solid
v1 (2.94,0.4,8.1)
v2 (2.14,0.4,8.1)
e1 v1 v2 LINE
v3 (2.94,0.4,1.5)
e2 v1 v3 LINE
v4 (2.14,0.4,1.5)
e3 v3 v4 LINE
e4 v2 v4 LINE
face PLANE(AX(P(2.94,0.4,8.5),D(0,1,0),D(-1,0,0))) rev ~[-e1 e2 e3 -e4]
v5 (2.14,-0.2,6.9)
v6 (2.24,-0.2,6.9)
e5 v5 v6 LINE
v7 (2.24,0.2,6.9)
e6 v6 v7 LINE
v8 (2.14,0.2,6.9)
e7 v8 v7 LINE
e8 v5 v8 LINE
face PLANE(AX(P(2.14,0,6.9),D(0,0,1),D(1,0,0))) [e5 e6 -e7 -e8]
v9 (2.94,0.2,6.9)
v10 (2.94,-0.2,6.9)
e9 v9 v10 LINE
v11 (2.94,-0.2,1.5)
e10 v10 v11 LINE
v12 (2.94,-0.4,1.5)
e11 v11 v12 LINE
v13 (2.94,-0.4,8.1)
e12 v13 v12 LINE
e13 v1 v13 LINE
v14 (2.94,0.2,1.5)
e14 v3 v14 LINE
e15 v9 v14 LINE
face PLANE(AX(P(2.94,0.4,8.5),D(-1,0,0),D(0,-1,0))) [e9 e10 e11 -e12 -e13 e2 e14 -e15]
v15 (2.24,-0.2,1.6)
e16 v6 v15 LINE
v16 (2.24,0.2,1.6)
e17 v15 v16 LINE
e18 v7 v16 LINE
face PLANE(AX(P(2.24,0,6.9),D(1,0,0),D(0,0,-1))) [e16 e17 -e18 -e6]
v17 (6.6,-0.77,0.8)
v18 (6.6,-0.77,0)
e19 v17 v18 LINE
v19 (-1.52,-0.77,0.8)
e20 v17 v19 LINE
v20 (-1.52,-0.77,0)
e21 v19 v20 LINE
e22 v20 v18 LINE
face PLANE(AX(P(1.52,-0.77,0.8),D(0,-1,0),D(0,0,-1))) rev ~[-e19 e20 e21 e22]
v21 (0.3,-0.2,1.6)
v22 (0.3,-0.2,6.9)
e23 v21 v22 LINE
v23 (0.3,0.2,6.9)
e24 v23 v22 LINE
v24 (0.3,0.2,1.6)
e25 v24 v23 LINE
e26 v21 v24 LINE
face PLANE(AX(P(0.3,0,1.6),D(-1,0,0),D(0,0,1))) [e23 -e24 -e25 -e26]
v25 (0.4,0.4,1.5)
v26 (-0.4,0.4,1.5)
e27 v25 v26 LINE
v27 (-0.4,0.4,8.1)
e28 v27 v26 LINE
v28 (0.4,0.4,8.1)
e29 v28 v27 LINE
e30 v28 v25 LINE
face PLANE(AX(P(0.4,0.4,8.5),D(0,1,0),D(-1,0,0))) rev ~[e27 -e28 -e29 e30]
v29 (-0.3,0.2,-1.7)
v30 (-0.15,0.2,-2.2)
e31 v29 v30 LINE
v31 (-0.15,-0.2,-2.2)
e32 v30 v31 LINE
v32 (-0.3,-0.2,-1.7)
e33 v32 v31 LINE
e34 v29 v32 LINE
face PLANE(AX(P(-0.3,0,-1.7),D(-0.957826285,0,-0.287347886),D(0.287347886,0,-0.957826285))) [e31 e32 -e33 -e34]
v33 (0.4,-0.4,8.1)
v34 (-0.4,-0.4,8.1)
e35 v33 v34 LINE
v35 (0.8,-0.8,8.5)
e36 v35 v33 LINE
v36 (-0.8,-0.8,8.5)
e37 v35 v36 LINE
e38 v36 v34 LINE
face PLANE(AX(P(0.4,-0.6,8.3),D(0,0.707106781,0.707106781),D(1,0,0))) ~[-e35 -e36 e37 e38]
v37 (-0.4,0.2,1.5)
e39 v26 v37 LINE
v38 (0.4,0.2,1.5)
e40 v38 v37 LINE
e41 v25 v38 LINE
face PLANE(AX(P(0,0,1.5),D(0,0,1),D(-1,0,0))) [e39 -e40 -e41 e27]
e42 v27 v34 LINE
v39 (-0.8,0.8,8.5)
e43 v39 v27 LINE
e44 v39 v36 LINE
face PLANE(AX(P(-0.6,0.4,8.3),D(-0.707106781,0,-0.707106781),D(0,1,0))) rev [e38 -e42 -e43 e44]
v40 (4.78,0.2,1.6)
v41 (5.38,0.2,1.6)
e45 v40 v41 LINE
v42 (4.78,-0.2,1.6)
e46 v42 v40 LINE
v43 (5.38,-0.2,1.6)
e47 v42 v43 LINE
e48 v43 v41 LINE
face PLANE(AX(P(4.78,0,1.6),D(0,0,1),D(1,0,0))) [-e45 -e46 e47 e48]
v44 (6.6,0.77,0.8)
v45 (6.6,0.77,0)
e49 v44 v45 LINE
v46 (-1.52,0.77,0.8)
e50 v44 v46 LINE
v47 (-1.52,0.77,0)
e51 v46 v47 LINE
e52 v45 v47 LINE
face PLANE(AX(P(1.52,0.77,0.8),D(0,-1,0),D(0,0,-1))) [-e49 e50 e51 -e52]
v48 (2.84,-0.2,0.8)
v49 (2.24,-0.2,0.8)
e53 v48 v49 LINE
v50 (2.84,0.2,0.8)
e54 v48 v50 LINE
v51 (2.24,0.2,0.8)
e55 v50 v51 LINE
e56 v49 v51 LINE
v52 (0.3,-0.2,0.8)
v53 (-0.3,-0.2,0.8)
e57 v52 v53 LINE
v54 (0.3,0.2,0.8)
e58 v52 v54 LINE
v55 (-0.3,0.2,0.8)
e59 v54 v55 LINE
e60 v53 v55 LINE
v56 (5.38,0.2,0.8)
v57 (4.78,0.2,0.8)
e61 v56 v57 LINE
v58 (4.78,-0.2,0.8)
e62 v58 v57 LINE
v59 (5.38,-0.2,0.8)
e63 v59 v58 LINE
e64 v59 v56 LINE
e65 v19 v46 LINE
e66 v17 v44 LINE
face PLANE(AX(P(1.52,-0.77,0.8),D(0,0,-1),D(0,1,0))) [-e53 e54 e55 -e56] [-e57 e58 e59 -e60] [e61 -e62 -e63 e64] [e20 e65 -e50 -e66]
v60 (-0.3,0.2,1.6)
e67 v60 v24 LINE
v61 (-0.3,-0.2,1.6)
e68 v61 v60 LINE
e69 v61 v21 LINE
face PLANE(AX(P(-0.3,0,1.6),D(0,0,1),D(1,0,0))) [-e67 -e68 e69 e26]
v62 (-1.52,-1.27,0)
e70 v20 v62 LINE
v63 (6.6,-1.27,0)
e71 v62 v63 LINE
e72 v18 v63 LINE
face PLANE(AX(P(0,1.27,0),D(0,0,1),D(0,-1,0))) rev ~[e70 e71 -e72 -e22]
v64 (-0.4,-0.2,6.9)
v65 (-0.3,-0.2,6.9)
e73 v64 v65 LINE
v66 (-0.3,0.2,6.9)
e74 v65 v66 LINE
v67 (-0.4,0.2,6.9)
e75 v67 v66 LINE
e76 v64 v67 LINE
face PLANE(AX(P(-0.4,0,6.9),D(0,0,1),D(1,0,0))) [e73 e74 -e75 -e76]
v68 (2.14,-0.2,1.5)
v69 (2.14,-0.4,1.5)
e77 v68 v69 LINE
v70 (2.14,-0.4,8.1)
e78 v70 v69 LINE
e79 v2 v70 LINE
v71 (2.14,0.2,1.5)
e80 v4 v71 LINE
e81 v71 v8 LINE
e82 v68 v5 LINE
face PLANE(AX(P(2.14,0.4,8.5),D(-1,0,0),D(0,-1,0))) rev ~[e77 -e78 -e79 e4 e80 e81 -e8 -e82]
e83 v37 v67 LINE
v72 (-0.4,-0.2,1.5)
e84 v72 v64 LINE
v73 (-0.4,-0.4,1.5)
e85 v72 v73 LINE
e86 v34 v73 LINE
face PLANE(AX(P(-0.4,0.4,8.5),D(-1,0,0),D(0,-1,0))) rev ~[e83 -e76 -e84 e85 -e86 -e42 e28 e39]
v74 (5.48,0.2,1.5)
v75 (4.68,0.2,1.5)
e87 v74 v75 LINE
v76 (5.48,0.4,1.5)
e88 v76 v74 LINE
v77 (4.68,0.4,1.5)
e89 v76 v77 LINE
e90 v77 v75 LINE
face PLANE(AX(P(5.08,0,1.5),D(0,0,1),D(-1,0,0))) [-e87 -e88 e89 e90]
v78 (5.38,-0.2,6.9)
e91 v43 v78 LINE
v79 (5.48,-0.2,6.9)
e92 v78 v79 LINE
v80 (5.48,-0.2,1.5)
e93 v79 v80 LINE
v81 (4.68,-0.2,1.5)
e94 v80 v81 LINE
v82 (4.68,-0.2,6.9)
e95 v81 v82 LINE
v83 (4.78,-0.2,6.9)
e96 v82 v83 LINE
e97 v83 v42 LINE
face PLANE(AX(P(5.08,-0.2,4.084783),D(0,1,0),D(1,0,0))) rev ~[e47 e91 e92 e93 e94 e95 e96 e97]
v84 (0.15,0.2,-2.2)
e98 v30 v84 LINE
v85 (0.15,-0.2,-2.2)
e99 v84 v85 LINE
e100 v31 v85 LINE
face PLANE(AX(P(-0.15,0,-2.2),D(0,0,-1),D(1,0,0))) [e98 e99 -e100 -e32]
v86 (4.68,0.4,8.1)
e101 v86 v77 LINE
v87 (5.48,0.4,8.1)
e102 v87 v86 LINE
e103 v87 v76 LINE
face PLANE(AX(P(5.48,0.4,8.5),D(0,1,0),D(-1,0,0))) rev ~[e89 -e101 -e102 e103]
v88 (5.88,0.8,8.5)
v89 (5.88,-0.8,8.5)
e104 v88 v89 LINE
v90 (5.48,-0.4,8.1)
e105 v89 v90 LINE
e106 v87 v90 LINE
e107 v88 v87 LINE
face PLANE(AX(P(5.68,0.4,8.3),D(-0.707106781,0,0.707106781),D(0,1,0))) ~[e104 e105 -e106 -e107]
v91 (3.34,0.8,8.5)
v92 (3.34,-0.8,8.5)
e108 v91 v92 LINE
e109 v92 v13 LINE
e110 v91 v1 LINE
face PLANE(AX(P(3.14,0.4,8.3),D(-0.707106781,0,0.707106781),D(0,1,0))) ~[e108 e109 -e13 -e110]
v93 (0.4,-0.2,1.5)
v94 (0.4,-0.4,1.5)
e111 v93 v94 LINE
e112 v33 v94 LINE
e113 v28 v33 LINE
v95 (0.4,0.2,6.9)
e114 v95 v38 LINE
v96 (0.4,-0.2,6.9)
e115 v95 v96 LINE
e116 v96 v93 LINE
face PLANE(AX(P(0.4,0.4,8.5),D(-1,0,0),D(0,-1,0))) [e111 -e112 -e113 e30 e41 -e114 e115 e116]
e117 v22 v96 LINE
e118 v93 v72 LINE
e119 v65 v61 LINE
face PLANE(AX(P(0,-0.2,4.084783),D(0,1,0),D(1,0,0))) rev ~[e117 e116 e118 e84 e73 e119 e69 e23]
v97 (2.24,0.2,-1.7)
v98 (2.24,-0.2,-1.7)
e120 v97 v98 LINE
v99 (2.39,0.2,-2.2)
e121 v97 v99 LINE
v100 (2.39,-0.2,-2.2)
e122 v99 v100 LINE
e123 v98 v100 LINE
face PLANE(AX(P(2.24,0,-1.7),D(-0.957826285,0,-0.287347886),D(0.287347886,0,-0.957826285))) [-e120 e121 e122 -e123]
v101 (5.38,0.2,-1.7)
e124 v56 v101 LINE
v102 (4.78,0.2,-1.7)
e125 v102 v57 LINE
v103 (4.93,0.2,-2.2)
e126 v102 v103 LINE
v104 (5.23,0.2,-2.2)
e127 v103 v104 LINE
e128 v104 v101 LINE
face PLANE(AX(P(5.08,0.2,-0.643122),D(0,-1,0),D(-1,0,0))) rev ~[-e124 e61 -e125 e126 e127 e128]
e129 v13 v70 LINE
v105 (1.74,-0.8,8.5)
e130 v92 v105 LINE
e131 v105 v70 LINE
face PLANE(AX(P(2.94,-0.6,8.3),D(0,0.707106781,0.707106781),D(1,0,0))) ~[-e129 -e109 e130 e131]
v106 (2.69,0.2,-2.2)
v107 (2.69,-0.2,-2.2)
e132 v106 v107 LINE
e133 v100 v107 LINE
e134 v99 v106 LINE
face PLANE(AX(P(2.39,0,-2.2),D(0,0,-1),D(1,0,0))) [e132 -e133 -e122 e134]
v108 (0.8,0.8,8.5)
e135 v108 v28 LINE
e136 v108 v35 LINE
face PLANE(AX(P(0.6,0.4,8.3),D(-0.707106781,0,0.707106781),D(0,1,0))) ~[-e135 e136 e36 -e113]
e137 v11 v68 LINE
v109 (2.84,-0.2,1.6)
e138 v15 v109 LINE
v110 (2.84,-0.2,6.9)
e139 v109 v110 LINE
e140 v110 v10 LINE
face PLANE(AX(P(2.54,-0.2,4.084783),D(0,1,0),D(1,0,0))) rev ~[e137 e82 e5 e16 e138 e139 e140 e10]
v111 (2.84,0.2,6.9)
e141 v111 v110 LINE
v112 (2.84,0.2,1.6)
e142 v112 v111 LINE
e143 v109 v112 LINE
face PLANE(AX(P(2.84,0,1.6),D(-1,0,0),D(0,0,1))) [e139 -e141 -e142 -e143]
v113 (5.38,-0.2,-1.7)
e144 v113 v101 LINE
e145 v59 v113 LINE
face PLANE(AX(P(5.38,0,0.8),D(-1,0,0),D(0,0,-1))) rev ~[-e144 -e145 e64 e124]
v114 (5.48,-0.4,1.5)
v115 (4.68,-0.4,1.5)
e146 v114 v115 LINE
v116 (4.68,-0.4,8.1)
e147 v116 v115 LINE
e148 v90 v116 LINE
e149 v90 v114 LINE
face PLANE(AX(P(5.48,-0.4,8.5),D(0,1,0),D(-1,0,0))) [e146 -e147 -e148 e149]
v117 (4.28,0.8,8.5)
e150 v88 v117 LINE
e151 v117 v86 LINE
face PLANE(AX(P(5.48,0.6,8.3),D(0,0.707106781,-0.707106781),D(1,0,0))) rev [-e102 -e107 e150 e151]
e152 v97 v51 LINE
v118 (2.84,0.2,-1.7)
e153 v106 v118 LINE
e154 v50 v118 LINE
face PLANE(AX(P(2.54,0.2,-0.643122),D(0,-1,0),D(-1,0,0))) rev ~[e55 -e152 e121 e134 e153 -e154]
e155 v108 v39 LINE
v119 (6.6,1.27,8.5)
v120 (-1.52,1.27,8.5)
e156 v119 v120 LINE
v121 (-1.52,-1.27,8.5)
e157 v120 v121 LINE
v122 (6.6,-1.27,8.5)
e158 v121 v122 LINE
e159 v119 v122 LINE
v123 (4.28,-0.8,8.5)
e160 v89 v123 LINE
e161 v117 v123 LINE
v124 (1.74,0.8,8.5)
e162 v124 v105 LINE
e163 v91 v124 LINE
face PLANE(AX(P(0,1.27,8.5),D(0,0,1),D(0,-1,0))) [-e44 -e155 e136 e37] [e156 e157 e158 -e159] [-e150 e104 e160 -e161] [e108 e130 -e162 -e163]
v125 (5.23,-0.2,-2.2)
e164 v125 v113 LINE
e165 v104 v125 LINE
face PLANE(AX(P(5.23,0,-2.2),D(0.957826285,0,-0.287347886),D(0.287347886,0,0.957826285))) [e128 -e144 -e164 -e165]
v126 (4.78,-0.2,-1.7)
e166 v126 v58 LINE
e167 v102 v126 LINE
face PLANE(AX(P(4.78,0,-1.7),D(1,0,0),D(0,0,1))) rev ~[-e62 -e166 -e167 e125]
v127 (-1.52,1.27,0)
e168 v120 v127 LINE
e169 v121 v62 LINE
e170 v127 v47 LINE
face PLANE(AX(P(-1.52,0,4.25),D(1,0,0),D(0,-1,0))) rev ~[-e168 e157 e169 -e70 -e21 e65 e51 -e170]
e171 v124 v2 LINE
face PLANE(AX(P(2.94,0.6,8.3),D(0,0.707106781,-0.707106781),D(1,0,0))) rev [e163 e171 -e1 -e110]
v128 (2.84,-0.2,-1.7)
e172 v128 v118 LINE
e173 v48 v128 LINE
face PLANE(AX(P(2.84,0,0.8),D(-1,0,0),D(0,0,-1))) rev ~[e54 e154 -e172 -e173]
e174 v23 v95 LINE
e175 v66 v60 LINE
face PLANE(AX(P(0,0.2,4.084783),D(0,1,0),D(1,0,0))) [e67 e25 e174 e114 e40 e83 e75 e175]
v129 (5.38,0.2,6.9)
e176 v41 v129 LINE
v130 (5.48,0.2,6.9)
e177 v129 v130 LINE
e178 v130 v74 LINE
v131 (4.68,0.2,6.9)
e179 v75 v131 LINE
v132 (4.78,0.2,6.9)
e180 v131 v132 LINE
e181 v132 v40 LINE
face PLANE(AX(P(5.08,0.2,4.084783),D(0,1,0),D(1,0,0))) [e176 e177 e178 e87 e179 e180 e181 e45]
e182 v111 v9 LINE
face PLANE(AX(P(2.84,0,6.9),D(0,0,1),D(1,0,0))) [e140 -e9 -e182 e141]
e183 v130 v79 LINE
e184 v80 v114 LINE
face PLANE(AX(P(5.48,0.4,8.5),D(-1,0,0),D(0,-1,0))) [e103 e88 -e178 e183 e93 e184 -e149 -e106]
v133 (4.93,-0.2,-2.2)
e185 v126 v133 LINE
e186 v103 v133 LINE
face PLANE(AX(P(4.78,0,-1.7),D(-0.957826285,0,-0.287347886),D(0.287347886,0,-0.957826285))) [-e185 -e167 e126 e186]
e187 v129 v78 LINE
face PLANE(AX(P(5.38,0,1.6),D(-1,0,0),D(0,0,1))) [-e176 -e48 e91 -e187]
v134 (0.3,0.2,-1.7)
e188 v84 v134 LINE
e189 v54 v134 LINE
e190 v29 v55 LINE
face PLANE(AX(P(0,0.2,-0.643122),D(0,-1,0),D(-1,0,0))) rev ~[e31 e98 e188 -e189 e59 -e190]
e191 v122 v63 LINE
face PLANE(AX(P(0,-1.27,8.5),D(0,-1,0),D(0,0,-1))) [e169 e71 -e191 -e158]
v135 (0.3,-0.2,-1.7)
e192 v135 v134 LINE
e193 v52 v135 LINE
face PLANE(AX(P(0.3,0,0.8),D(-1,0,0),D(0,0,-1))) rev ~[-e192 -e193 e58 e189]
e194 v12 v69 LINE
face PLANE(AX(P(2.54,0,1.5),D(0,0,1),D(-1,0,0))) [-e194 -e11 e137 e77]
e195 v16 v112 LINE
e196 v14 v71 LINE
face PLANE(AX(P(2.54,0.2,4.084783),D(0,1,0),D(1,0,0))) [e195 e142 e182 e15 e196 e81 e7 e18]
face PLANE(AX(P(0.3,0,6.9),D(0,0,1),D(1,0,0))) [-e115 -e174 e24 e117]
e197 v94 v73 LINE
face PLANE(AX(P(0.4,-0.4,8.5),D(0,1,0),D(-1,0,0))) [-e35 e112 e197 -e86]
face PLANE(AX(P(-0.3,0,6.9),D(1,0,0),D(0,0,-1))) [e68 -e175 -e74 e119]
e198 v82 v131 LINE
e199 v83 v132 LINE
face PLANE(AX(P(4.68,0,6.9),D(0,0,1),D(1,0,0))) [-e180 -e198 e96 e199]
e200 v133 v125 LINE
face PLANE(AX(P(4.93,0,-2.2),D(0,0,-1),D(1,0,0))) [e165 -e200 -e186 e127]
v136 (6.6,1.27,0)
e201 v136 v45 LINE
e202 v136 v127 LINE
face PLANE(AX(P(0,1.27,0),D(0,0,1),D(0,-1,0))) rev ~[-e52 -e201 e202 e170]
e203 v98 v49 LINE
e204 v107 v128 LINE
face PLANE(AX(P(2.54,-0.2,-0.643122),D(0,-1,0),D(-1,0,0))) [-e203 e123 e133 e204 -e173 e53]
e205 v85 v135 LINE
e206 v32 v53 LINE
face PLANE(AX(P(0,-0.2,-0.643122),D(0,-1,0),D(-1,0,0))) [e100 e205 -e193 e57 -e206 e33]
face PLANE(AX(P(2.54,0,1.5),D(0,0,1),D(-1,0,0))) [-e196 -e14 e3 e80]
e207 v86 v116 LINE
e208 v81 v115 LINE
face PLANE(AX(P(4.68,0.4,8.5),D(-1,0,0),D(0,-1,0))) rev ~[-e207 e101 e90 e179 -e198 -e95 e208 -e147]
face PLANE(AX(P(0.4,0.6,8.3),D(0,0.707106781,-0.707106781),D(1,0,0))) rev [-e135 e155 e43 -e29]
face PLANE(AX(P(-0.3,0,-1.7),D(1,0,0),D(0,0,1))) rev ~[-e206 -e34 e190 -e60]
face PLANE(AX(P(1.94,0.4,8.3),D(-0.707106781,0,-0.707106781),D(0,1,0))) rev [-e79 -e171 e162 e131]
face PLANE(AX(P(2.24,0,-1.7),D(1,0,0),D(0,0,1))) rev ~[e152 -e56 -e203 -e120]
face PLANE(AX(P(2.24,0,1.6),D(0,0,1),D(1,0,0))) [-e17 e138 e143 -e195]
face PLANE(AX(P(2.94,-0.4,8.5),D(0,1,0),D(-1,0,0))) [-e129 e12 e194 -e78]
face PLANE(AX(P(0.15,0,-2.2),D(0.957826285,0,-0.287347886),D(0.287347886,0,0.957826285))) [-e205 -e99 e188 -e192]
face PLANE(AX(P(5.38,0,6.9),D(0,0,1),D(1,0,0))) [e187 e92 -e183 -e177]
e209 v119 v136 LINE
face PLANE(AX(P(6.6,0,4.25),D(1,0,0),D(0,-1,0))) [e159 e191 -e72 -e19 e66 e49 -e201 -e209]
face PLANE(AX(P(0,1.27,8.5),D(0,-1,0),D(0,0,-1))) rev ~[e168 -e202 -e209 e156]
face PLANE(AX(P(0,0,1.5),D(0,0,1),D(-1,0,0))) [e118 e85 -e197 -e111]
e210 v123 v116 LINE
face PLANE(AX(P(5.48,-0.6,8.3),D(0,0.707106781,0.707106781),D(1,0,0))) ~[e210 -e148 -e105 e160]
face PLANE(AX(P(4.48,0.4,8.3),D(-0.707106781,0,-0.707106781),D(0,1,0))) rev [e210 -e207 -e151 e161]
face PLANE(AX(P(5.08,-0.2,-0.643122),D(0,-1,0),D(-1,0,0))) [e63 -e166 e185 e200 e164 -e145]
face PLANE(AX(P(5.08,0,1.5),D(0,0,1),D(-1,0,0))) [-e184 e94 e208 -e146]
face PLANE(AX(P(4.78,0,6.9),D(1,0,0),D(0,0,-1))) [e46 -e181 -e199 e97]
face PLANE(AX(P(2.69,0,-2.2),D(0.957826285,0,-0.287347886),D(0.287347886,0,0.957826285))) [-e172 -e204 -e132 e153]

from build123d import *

# Parameters (mm, degrees)
SKETCH1_W           = 2.54
SKETCH1_H           = 8.5
BOSS_EXTRUDE1_DEPTH = 1.52
SKETCH_1_W          = 0.8
SKETCH_1_H          = 1.54
CUT_EXTRUDE_1_DEPTH = 10.116166958
SKETCH2_W           = 0.8
SKETCH2_H           = 0.8
CUT_EXTRUDE1_DEPTH  = 7
CHAMFER_1_SIZE      = 0.4
BOSS_EXTRUDE2_DEPTH = 0.2
LPATTERN1_COUNT     = 3
LPATTERN1_PITCH     = 2.54


with BuildPart() as part:
    # Sketch1 → Boss-Extrude1 (new, symmetric)
    with BuildSketch(Plane(origin=(0, 0, 0), x_dir=(0, -1, 0), z_dir=(1, 0, 0))):
        with Locations((0, -4.25)):
            Rectangle(SKETCH1_W, SKETCH1_H)
    extrude(amount=BOSS_EXTRUDE1_DEPTH, both=True)

    # Эскиз1 → Вырез-Вытянуть1 (cut, through all)
    with BuildSketch(Plane(origin=(1.52, 0, 0), x_dir=(0, 0, -1), z_dir=(1, 0, 0))):
        with Locations((-0.4, 0)):
            Rectangle(SKETCH_1_W, SKETCH_1_H)
    extrude(amount=-CUT_EXTRUDE_1_DEPTH, mode=Mode.SUBTRACT)

    # Sketch2 → Cut-Extrude1 (cut)
    with BuildSketch(Plane(origin=(0, 0, 8.5), x_dir=(-1, 0, 0), z_dir=(0, 0, 1))):
        Rectangle(SKETCH2_W, SKETCH2_H)
    extrude(amount=-CUT_EXTRUDE1_DEPTH, mode=Mode.SUBTRACT)

    # Фаска1
    chamfer_1_edges = [part.edges().sort_by_distance(p)[0] for p in [
        (-0.4, 0, 8.5),
        (0, -0.4, 8.5),
        (0.4, 0, 8.5),
        (0, 0.4, 8.5),
    ]]
    chamfer(chamfer_1_edges, length=CHAMFER_1_SIZE)

    # Sketch3 → Boss-Extrude2 (add, symmetric)
    with BuildSketch(Plane(origin=(0, 0, 0), x_dir=(1, 0, 0), z_dir=(0, 1, 0))):
        Polygon((-0.3, 0), (-0.3, 1.7), (-0.15, 2.2), (0.15, 2.2), (0.3, 1.7), (0.3, 0), (0.3, -0.8), (-0.3, -0.8), align=None)
        Polygon((0.4, -1.5), (-0.4, -1.5), (-0.4, -6.9), (-0.3, -6.9), (-0.3, -1.6), (0.3, -1.6), (0.3, -6.9), (0.4, -6.9), align=None)
    extrude(amount=BOSS_EXTRUDE2_DEPTH, both=True)


with BuildPart() as lpattern1_1:
    # LPattern1: pattern copy
    add(part.part.moved(Location(Vector(1, 0, 0) * (1 * LPATTERN1_PITCH))))


with BuildPart() as lpattern1_2:
    # LPattern1: pattern copy
    add(part.part.moved(Location(Vector(1, 0, 0) * (2 * LPATTERN1_PITCH))))

    # Combine 1: union LPattern1_1, part
    add(lpattern1_1.part)
    add(part.part)


solid = lpattern1_2.part
